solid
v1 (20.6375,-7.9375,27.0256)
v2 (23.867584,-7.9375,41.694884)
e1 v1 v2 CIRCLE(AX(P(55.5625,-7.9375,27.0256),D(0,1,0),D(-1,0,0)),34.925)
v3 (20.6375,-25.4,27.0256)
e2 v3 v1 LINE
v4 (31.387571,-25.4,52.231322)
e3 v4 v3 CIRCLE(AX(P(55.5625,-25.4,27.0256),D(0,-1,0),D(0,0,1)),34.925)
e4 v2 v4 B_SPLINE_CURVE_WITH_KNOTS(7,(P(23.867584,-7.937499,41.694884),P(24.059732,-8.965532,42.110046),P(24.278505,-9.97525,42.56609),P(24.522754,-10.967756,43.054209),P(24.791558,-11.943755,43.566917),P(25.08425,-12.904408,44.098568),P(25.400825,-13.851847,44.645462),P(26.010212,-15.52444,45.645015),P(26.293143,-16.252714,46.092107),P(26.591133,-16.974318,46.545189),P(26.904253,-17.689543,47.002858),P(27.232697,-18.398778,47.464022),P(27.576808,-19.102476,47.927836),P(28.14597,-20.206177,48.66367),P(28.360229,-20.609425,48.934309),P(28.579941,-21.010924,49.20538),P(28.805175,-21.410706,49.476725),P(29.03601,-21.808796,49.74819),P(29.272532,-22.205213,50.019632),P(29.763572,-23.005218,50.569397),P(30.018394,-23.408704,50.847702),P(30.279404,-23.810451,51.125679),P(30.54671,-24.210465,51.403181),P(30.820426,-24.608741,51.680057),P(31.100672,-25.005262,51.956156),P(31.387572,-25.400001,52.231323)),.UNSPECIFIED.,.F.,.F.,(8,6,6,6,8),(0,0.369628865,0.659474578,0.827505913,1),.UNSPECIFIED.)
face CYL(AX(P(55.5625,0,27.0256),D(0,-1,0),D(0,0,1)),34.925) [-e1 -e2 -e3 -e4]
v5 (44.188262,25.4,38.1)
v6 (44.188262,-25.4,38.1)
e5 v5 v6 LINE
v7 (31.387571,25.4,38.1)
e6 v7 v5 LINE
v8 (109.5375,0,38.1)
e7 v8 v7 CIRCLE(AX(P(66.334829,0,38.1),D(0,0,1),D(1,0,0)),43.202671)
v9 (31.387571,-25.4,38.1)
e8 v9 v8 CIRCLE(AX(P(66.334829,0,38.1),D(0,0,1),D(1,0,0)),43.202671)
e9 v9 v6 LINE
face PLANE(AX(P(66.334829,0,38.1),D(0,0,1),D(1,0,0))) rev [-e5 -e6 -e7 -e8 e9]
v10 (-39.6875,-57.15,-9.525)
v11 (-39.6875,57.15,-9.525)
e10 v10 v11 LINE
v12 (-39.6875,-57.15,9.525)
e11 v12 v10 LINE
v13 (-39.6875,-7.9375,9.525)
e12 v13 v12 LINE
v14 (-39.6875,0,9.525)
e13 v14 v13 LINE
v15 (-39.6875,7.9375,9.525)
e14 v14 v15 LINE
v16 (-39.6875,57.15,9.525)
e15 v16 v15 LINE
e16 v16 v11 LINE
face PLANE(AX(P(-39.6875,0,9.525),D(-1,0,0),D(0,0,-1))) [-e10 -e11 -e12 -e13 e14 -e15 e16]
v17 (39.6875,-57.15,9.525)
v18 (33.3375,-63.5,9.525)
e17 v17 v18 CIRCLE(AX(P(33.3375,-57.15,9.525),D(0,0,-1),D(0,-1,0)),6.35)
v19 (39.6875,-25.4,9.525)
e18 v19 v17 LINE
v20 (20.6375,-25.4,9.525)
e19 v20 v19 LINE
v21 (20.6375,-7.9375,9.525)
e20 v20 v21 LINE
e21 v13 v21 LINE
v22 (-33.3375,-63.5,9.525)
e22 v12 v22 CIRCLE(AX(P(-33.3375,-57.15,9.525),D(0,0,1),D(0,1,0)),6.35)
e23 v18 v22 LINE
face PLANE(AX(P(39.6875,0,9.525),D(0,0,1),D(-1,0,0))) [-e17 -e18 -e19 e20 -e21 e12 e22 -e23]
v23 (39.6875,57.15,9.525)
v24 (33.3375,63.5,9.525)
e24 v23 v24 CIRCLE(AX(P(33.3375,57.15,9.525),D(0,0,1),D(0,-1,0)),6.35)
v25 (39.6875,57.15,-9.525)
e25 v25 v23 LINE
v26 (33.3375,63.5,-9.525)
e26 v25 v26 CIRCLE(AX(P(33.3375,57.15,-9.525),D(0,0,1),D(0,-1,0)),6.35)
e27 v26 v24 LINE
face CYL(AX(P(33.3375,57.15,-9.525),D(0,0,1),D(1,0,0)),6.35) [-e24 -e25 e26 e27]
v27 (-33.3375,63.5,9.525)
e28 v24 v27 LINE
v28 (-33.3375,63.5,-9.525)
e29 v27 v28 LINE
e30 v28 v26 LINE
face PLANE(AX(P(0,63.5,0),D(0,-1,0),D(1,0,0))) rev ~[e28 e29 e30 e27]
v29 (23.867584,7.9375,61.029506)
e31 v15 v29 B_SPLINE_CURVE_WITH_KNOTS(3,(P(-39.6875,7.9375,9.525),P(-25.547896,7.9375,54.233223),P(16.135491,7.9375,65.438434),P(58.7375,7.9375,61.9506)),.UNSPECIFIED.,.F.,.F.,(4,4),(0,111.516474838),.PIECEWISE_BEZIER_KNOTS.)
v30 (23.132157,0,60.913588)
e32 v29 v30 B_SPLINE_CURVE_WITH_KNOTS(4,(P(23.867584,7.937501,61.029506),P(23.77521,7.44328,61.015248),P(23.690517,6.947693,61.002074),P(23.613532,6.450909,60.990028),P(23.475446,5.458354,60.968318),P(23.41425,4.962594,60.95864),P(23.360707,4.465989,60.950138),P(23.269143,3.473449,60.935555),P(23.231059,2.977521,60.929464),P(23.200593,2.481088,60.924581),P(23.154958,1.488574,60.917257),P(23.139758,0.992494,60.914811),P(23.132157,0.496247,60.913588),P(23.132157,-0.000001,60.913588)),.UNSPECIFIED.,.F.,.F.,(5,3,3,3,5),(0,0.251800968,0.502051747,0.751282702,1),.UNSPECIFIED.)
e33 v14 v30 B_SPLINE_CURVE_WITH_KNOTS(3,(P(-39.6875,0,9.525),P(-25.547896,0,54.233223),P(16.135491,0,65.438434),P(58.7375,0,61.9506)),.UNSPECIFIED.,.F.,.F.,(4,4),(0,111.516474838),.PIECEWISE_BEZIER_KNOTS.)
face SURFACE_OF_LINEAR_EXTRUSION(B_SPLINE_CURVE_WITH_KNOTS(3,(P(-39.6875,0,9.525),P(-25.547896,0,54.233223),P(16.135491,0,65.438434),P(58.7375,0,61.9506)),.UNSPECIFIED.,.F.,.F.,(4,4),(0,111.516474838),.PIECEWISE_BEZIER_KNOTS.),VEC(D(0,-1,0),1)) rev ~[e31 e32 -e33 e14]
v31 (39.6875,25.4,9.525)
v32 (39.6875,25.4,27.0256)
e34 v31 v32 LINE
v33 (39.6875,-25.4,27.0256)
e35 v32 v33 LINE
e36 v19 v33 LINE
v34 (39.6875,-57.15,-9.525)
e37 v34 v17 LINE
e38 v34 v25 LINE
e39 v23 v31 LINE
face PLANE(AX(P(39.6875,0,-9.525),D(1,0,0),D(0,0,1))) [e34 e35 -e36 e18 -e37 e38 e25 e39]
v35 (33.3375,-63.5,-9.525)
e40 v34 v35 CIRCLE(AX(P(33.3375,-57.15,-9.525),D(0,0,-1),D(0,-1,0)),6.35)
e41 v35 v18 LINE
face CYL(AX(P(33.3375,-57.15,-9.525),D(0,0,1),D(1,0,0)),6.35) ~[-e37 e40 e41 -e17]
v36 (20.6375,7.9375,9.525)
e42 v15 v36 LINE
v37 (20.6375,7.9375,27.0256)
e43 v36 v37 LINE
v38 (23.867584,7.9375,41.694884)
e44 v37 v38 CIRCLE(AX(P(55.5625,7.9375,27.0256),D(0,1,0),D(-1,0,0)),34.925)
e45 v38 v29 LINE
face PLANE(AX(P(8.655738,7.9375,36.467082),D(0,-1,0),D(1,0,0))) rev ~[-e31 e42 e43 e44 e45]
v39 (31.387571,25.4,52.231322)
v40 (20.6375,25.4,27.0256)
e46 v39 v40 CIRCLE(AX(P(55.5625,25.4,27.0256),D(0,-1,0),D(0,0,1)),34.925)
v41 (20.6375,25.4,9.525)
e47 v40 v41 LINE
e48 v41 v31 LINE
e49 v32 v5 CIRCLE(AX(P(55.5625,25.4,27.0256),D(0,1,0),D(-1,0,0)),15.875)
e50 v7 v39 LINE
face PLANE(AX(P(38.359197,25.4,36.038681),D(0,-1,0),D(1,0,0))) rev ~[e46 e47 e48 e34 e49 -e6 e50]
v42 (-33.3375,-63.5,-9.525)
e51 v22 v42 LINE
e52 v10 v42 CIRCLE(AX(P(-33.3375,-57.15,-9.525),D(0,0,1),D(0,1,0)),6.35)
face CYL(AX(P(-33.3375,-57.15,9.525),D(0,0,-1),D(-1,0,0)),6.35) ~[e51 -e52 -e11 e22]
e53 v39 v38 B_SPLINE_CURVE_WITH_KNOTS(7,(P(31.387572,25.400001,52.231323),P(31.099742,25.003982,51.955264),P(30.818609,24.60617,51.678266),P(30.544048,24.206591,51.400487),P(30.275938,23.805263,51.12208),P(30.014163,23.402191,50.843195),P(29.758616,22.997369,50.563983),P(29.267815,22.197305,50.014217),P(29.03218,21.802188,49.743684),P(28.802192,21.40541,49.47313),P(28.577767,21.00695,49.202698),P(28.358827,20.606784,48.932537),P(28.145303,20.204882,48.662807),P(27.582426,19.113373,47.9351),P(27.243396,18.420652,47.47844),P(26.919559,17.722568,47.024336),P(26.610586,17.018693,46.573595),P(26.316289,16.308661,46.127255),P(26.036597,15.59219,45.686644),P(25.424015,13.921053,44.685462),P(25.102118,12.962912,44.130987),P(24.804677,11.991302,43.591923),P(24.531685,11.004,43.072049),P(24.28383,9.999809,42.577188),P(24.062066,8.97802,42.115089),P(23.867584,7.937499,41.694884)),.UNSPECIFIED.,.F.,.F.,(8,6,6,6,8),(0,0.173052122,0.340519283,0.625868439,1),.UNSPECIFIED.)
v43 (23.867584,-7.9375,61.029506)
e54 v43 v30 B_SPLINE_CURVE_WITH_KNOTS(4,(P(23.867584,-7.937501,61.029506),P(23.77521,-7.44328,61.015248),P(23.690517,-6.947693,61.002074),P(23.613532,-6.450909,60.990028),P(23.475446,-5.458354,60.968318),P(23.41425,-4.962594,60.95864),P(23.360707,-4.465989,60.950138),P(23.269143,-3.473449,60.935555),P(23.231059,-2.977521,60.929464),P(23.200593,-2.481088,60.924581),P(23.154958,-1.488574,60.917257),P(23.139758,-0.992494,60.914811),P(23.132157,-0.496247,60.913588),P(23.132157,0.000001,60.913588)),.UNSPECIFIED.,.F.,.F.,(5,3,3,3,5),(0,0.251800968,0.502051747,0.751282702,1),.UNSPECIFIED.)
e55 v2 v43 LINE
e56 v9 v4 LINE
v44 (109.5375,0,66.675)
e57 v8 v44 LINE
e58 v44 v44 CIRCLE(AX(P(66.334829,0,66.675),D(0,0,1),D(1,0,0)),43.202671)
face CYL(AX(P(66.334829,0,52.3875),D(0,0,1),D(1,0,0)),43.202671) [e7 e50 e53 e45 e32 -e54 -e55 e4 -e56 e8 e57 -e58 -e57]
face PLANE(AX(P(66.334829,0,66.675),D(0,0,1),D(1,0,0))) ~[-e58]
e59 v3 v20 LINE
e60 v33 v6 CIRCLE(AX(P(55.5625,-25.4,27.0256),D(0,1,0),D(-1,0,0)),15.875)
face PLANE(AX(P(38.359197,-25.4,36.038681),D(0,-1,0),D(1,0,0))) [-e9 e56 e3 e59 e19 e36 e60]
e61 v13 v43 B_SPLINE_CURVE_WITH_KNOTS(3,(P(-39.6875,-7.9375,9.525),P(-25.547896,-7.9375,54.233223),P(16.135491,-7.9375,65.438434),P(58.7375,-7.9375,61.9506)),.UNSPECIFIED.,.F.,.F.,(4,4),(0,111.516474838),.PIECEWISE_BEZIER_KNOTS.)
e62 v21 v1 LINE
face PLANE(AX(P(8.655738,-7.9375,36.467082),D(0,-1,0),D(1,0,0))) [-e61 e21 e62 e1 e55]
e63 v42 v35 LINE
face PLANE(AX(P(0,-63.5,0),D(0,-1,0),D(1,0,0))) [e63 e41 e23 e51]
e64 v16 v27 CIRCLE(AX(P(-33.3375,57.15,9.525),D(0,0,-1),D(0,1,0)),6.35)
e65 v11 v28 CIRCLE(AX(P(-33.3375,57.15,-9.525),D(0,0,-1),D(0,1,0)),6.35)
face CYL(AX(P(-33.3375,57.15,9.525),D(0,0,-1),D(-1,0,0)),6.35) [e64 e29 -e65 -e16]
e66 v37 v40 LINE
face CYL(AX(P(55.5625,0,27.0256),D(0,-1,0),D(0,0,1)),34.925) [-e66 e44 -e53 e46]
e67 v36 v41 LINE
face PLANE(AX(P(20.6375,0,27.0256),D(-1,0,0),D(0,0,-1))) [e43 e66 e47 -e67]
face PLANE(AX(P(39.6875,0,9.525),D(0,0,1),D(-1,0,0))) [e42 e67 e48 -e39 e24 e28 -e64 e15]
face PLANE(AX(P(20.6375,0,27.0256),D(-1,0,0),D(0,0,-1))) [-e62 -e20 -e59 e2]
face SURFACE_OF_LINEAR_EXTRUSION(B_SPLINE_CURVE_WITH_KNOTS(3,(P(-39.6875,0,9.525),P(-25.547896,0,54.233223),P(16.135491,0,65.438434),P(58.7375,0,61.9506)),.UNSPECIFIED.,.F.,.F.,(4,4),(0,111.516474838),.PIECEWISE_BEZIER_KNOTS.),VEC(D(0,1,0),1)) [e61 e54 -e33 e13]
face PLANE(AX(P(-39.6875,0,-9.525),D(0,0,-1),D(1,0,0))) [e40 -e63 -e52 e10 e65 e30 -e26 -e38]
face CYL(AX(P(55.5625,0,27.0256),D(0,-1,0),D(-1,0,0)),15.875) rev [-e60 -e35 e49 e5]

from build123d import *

# Parameters (mm, degrees)
F1_DEPTH = 63.5
F2_DEPTH = 25.4
F3_DEPTH = 7.9375
F0_W     = 43.2026712656
F0_H     = 28.575
F5_R     = 6.35


with BuildPart() as f1:
    # F0 (on Front) → F1 (new body, symmetric)
    with BuildSketch(Plane.XZ):
        Polygon((39.6875, -9.525), (39.6875, 9.525), (20.6375, 9.525), (-39.6875, 9.525), (-39.6875, -9.525), align=None)
    extrude(amount=F1_DEPTH, both=True)

    # F0 (on Front) → F2 (join, symmetric)
    with BuildSketch(Plane.XZ):
        with BuildLine():
            Line((20.6375, 9.525), (39.6875, 9.525))
            Line((39.6875, 9.525), (39.6875, 27.0256))
            ThreePointArc((39.6875, 27.0256), (44.3371798487, 38.2509201513), (55.5625, 42.9006))
            Line((55.5625, 42.9006), (58.7375, 42.9006))
            Line((58.7375, 42.9006), (58.7375, 61.9506))
            Line((58.7375, 61.9506), (55.5625, 61.9506))
            ThreePointArc((55.5625, 61.9506), (30.8667956671, 51.7213043329), (20.6375, 27.0256))
            Line((20.6375, 27.0256), (20.6375, 9.525))
        make_face()
        Polygon((58.7375, 66.675), (58.7375, 61.9506), (58.7375, 42.9006), (58.7375, 38.1), (66.3348287344, 38.1), (66.3348287344, 66.675), align=None)
    extrude(amount=F2_DEPTH, both=True)

    # F0 (on Front) → F3 (join, symmetric)
    with BuildSketch(Plane.XZ):
        with BuildLine():
            Line((-39.6875, 9.525), (20.6375, 9.525))
            Line((20.6375, 9.525), (20.6375, 27.0256))
            ThreePointArc((20.6375, 27.0256), (30.8667956671, 51.7213043329), (55.5625, 61.9506))
            Line((55.5625, 61.9506), (58.7375, 61.9506))
            add(Edge.make_bspline(
                [(-39.6875, 9.525), (-25.5478955805, 54.2332231998), (16.1354914308, 65.4384344816), (58.7375, 61.9506)],
                knots=[0, 0, 0, 0, 111.5164748383, 111.5164748383, 111.5164748383, 111.5164748383], degree=3))
        make_face()
    extrude(amount=F3_DEPTH, both=True)

    # F0 (on Front) → F4 (revolve)
    with BuildSketch(Plane.XZ):
        with Locations((87.9361643672, 52.3875)):
            Rectangle(F0_W, F0_H)
    revolve(axis=Axis((66.3348287344, 0, 52.3875), (0, 0, 1)))

    # F5
    f5_edges = [f1.edges().sort_by_distance(p)[0] for p in [
        (39.6875, -63.5, 0),
        (-39.6875, -63.5, 0),
        (39.6875, 63.5, 0),
        (-39.6875, 63.5, 0),
    ]]
    fillet(f5_edges, radius=F5_R)


solid = f1.part
